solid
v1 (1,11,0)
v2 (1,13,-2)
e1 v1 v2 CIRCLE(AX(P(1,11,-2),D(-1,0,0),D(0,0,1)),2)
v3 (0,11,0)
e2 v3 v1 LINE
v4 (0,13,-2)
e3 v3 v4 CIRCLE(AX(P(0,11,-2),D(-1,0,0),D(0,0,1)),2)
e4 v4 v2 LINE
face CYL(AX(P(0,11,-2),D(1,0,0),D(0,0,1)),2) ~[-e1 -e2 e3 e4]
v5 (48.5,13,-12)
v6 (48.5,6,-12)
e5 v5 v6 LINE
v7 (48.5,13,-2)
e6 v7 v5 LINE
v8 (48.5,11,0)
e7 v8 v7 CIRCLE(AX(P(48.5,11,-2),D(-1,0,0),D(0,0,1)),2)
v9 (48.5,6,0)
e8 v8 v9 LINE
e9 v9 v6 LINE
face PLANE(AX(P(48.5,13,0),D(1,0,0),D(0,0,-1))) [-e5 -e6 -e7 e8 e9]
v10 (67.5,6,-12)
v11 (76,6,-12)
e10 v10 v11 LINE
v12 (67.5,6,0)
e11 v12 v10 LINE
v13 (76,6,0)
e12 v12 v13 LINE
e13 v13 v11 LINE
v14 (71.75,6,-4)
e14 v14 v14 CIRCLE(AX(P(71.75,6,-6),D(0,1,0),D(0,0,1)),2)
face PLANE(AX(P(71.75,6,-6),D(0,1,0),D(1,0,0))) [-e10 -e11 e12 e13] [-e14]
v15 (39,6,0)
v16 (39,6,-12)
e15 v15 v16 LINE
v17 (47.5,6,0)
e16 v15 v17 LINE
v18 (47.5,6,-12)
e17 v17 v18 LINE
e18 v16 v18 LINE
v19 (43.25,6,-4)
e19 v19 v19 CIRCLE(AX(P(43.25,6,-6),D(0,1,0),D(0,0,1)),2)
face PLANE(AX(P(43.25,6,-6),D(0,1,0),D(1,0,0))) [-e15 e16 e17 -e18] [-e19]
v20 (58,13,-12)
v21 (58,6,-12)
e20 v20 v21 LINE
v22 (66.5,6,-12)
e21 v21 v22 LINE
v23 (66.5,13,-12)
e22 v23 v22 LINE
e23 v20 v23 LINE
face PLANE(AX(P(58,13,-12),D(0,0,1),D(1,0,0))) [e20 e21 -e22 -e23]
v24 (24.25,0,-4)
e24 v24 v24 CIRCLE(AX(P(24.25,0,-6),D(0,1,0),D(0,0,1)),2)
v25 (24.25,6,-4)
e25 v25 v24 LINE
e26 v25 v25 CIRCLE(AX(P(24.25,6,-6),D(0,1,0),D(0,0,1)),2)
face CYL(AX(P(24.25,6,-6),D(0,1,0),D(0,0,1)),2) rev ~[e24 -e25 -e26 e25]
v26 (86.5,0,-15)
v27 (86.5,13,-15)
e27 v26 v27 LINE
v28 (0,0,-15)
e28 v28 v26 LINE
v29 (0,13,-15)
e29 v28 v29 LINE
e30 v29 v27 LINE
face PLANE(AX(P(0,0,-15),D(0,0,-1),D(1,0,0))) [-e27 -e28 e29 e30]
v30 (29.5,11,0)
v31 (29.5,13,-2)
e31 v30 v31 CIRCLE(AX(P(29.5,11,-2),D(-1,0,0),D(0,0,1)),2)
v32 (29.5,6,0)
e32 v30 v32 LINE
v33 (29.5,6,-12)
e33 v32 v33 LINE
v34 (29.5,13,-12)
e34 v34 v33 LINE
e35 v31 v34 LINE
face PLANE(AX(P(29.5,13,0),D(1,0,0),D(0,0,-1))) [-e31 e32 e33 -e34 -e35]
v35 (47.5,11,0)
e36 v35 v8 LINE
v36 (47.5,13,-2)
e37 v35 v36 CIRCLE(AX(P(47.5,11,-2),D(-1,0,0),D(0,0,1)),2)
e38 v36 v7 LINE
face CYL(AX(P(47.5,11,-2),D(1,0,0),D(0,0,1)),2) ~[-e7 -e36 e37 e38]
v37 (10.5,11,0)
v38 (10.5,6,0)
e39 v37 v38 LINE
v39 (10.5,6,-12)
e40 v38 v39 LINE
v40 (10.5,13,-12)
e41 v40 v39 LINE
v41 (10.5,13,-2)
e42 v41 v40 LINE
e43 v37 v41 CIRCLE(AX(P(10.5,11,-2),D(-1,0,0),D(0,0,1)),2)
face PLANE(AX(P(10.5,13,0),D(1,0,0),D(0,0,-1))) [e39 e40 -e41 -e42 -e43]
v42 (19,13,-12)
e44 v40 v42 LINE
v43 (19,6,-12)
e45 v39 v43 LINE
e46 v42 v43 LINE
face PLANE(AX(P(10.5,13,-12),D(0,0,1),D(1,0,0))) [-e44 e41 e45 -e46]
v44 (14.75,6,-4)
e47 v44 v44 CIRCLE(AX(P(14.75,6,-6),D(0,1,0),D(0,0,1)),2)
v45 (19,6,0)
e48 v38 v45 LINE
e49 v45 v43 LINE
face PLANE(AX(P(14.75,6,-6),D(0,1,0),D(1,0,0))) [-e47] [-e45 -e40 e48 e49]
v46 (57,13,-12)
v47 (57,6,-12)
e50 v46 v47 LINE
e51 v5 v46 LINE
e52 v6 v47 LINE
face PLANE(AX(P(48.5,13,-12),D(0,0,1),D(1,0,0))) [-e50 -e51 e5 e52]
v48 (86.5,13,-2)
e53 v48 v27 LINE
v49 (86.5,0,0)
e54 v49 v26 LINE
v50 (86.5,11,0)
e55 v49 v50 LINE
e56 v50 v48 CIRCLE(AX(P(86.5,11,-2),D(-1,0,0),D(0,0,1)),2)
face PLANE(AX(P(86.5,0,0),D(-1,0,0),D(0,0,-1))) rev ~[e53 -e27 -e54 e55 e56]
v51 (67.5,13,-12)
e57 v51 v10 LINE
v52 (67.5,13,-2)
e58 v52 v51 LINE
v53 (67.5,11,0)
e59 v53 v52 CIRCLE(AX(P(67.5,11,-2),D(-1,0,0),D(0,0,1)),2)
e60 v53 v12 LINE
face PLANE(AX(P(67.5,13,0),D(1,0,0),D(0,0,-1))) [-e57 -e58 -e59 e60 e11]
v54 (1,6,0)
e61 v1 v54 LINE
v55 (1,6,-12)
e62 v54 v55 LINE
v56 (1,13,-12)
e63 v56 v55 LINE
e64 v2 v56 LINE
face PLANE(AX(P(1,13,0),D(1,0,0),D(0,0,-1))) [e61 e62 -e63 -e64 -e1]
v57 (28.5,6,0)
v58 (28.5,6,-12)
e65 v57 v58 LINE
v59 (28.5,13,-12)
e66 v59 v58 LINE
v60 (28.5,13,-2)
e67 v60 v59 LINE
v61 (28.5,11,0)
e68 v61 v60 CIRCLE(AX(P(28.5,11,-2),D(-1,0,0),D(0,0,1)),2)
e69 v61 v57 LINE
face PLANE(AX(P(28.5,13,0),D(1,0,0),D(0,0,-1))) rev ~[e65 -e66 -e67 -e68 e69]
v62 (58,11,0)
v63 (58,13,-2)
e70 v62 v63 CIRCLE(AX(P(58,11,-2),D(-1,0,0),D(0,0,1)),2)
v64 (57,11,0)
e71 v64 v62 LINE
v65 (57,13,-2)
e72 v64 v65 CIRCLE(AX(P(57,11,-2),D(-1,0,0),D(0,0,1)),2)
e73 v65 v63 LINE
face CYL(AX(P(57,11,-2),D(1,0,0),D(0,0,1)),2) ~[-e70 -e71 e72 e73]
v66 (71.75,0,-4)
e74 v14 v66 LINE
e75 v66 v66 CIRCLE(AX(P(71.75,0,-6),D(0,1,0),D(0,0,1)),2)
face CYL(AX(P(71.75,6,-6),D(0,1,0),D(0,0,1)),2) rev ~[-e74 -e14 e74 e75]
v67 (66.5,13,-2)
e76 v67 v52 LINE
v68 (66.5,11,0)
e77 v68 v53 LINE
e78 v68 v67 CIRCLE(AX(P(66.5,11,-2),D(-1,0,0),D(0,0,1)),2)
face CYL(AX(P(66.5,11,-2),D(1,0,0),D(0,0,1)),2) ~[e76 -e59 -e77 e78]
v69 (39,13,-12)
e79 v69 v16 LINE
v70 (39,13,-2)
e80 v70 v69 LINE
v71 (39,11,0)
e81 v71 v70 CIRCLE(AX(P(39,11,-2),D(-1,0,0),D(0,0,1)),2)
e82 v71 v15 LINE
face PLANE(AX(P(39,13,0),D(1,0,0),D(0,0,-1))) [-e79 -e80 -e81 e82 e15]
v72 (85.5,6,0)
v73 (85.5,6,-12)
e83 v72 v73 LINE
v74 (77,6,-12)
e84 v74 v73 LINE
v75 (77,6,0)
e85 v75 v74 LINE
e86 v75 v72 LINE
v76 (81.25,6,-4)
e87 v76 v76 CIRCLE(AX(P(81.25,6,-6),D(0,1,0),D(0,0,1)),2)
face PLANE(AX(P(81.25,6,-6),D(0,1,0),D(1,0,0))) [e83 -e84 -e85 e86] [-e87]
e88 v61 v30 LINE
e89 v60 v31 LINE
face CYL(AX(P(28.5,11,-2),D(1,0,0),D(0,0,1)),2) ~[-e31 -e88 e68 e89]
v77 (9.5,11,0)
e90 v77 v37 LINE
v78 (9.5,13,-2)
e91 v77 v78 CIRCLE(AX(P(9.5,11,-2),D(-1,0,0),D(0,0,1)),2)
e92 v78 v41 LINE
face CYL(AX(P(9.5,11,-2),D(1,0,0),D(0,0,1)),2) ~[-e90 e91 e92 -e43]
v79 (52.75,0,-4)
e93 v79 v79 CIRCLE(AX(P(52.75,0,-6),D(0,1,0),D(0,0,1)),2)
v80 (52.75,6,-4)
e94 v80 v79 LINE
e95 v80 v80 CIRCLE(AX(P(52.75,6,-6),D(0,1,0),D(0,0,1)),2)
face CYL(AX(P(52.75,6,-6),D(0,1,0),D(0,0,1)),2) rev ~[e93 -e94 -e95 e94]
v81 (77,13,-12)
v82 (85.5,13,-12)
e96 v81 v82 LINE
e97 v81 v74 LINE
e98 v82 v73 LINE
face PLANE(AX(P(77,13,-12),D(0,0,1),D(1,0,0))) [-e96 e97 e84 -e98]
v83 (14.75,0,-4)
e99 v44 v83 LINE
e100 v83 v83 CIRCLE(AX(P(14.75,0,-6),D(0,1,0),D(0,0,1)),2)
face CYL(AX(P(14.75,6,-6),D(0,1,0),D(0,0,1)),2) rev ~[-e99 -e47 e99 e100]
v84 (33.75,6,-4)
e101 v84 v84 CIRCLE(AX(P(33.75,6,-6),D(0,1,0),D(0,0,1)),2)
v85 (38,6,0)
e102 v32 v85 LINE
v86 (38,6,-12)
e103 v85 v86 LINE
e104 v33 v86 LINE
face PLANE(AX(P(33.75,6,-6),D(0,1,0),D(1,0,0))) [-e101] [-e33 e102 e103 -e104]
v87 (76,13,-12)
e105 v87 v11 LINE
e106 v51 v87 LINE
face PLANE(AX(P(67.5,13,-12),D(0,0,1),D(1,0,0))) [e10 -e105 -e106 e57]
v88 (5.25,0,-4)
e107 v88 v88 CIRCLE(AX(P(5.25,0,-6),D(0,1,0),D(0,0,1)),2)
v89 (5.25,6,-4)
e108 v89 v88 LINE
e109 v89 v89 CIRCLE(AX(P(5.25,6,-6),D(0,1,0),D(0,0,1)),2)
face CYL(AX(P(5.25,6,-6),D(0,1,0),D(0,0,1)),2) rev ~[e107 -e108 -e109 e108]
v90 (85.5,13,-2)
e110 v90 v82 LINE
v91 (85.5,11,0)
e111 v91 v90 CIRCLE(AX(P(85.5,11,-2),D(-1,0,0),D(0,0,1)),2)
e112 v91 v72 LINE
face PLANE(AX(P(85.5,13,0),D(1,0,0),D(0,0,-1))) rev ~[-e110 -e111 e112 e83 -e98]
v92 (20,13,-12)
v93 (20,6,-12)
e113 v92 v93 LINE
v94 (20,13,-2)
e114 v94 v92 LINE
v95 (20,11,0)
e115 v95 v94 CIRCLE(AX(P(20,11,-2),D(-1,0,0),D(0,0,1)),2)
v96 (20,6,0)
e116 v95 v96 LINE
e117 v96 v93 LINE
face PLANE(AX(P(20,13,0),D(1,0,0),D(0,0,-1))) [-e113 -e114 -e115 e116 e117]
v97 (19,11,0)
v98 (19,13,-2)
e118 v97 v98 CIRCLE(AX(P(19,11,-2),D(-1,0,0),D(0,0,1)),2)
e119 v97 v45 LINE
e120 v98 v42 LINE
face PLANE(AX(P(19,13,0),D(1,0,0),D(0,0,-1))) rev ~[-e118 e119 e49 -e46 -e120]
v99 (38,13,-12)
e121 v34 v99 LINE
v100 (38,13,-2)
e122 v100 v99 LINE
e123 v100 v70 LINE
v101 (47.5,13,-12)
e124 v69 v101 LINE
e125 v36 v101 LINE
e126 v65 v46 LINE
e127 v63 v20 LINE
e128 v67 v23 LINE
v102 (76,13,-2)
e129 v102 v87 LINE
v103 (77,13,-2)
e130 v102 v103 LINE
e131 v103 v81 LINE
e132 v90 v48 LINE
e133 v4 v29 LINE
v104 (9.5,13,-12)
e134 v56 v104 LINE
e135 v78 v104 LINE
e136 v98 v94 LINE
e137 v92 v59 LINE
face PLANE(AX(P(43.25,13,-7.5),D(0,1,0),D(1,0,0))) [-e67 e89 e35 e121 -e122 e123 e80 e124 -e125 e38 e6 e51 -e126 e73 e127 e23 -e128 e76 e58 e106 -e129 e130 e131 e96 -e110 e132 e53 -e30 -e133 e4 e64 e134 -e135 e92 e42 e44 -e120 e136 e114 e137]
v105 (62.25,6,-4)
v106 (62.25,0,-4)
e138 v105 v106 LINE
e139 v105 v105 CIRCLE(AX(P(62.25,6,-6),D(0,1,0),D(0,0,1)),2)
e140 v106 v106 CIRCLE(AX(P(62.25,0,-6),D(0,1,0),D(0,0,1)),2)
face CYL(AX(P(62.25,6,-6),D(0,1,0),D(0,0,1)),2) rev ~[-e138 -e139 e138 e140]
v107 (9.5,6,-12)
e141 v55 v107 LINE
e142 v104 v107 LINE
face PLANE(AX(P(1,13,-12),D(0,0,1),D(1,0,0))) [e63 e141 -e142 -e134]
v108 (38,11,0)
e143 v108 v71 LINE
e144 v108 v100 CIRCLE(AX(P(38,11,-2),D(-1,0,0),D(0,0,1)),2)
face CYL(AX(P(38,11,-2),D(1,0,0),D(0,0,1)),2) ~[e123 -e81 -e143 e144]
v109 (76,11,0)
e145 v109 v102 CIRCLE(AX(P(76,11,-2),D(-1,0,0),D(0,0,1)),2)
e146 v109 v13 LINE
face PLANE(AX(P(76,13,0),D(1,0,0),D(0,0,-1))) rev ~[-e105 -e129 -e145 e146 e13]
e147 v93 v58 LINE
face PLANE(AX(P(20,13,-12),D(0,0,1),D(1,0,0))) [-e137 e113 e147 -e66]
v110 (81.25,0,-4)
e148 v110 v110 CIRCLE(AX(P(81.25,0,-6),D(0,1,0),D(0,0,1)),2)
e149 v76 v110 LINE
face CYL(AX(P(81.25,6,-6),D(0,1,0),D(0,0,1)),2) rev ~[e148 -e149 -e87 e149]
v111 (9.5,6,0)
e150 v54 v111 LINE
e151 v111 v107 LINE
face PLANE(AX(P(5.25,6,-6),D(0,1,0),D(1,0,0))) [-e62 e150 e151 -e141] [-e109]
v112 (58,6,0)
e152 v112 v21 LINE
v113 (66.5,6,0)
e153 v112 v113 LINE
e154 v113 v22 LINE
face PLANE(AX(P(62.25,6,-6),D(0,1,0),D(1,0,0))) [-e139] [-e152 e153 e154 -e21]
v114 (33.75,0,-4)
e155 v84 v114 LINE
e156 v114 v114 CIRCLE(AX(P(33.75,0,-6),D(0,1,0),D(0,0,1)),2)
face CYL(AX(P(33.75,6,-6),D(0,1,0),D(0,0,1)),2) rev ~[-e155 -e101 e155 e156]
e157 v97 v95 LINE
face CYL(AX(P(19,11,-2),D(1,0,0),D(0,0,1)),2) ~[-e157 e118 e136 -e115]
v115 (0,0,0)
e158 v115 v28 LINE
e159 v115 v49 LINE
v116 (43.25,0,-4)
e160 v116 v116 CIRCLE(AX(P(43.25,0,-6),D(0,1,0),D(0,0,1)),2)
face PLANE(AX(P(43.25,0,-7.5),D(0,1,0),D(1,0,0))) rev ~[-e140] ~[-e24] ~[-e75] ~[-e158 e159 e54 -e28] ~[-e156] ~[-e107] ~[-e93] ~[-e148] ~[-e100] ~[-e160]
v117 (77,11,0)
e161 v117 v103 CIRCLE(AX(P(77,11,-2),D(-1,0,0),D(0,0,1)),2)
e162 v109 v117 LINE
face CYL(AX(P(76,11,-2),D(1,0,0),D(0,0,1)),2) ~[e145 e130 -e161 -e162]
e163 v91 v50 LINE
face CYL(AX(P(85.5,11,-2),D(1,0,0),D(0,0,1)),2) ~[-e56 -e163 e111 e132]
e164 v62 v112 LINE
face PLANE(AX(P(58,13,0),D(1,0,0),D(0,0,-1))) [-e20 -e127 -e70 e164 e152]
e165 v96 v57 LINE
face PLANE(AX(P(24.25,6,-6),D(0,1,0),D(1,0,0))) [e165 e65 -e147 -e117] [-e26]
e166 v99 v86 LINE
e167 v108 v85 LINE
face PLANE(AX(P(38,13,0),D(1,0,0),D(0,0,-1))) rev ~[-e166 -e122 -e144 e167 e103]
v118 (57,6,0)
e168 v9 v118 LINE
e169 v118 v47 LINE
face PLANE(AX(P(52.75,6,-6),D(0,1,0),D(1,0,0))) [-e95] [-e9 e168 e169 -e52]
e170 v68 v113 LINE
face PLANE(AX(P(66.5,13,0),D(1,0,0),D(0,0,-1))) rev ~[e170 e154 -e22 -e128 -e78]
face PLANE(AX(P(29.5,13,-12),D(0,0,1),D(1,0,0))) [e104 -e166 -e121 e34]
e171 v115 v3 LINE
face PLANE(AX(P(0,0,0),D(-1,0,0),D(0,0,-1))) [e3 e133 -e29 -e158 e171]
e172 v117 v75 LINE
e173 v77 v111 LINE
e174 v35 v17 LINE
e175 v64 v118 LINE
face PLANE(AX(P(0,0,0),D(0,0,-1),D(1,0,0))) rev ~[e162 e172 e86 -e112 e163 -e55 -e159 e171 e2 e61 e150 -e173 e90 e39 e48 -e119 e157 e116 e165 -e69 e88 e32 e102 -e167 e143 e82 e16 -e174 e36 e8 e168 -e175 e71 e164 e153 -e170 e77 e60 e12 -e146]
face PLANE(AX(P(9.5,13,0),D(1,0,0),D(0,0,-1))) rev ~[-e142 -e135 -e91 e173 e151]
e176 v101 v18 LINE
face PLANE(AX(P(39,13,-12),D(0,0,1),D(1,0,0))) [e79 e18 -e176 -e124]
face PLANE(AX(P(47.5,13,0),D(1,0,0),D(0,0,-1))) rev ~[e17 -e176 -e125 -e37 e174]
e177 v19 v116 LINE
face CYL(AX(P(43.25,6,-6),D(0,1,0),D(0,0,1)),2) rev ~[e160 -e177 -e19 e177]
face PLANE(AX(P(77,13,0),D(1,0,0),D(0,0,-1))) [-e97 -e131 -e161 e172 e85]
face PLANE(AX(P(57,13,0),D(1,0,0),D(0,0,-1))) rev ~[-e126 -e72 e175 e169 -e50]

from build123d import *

# Parameters (mm, degrees)
SKETCH3_W           = 86.5
SKETCH3_H           = 15
BOSS_EXTRUDE1_DEPTH = 13
SKETCH4_W           = 8.5
SKETCH4_H           = 12
CUT_EXTRUDE1_DEPTH  = 7
LPATTERN1_COUNT     = 9
LPATTERN1_PITCH     = 9.5
FILLET1_R           = 2
SKETCH5_R           = 2
CUT_EXTRUDE2_DEPTH  = 89.069574769
LPATTERN2_COUNT     = 9
LPATTERN2_PITCH     = 9.5


with BuildPart() as part:
    # Sketch3 → Boss-Extrude1 (new body)
    with BuildSketch(Plane(origin=(0, 0, 0), x_dir=(1, 0, 0), z_dir=(0, 1, 0))):
        with Locations((43.25, 7.5)):
            Rectangle(SKETCH3_W, SKETCH3_H)
    extrude(amount=BOSS_EXTRUDE1_DEPTH)

    # Sketch4 → Cut-Extrude1 (cut)
    with BuildSketch(Plane(origin=(0, 13, 0), x_dir=(1, 0, 0), z_dir=(0, 1, 0))):
        with Locations((5.25, 6)):
            Rectangle(SKETCH4_W, SKETCH4_H)
    cut_extrude1 = extrude(amount=-CUT_EXTRUDE1_DEPTH, mode=Mode.SUBTRACT)

    # LPattern1: Cut-Extrude1 ×9
    with Locations(*[(i * LPATTERN1_PITCH, 0, 0) for i in range(1, LPATTERN1_COUNT)]):
        add(cut_extrude1, mode=Mode.SUBTRACT)

    # Fillet1
    fillet1_edges = [part.edges().sort_by_distance(p)[0] for p in [
        (76.5, 13, 0),
        (86, 13, 0),
        (10, 13, 0),
        (19.5, 13, 0),
        (29, 13, 0),
        (38.5, 13, 0),
        (48, 13, 0),
        (0.5, 13, 0),
        (57.5, 13, 0),
        (67, 13, 0),
    ]]
    fillet(fillet1_edges, radius=FILLET1_R)

    # Sketch5 → Cut-Extrude2 (cut, through all)
    with BuildSketch(Plane(origin=(0, 6, 0), x_dir=(1, 0, 0), z_dir=(0, 1, 0))):
        with Locations(Location((5.25, 6, 0), (0, 0, 270))):
            Circle(SKETCH5_R)
    cut_extrude2 = extrude(amount=-CUT_EXTRUDE2_DEPTH, mode=Mode.SUBTRACT)

    # LPattern2: Cut-Extrude2 ×9
    with Locations(*[(i * LPATTERN2_PITCH, 0, 0) for i in range(1, LPATTERN2_COUNT)]):
        add(cut_extrude2, mode=Mode.SUBTRACT)


solid = part.part
